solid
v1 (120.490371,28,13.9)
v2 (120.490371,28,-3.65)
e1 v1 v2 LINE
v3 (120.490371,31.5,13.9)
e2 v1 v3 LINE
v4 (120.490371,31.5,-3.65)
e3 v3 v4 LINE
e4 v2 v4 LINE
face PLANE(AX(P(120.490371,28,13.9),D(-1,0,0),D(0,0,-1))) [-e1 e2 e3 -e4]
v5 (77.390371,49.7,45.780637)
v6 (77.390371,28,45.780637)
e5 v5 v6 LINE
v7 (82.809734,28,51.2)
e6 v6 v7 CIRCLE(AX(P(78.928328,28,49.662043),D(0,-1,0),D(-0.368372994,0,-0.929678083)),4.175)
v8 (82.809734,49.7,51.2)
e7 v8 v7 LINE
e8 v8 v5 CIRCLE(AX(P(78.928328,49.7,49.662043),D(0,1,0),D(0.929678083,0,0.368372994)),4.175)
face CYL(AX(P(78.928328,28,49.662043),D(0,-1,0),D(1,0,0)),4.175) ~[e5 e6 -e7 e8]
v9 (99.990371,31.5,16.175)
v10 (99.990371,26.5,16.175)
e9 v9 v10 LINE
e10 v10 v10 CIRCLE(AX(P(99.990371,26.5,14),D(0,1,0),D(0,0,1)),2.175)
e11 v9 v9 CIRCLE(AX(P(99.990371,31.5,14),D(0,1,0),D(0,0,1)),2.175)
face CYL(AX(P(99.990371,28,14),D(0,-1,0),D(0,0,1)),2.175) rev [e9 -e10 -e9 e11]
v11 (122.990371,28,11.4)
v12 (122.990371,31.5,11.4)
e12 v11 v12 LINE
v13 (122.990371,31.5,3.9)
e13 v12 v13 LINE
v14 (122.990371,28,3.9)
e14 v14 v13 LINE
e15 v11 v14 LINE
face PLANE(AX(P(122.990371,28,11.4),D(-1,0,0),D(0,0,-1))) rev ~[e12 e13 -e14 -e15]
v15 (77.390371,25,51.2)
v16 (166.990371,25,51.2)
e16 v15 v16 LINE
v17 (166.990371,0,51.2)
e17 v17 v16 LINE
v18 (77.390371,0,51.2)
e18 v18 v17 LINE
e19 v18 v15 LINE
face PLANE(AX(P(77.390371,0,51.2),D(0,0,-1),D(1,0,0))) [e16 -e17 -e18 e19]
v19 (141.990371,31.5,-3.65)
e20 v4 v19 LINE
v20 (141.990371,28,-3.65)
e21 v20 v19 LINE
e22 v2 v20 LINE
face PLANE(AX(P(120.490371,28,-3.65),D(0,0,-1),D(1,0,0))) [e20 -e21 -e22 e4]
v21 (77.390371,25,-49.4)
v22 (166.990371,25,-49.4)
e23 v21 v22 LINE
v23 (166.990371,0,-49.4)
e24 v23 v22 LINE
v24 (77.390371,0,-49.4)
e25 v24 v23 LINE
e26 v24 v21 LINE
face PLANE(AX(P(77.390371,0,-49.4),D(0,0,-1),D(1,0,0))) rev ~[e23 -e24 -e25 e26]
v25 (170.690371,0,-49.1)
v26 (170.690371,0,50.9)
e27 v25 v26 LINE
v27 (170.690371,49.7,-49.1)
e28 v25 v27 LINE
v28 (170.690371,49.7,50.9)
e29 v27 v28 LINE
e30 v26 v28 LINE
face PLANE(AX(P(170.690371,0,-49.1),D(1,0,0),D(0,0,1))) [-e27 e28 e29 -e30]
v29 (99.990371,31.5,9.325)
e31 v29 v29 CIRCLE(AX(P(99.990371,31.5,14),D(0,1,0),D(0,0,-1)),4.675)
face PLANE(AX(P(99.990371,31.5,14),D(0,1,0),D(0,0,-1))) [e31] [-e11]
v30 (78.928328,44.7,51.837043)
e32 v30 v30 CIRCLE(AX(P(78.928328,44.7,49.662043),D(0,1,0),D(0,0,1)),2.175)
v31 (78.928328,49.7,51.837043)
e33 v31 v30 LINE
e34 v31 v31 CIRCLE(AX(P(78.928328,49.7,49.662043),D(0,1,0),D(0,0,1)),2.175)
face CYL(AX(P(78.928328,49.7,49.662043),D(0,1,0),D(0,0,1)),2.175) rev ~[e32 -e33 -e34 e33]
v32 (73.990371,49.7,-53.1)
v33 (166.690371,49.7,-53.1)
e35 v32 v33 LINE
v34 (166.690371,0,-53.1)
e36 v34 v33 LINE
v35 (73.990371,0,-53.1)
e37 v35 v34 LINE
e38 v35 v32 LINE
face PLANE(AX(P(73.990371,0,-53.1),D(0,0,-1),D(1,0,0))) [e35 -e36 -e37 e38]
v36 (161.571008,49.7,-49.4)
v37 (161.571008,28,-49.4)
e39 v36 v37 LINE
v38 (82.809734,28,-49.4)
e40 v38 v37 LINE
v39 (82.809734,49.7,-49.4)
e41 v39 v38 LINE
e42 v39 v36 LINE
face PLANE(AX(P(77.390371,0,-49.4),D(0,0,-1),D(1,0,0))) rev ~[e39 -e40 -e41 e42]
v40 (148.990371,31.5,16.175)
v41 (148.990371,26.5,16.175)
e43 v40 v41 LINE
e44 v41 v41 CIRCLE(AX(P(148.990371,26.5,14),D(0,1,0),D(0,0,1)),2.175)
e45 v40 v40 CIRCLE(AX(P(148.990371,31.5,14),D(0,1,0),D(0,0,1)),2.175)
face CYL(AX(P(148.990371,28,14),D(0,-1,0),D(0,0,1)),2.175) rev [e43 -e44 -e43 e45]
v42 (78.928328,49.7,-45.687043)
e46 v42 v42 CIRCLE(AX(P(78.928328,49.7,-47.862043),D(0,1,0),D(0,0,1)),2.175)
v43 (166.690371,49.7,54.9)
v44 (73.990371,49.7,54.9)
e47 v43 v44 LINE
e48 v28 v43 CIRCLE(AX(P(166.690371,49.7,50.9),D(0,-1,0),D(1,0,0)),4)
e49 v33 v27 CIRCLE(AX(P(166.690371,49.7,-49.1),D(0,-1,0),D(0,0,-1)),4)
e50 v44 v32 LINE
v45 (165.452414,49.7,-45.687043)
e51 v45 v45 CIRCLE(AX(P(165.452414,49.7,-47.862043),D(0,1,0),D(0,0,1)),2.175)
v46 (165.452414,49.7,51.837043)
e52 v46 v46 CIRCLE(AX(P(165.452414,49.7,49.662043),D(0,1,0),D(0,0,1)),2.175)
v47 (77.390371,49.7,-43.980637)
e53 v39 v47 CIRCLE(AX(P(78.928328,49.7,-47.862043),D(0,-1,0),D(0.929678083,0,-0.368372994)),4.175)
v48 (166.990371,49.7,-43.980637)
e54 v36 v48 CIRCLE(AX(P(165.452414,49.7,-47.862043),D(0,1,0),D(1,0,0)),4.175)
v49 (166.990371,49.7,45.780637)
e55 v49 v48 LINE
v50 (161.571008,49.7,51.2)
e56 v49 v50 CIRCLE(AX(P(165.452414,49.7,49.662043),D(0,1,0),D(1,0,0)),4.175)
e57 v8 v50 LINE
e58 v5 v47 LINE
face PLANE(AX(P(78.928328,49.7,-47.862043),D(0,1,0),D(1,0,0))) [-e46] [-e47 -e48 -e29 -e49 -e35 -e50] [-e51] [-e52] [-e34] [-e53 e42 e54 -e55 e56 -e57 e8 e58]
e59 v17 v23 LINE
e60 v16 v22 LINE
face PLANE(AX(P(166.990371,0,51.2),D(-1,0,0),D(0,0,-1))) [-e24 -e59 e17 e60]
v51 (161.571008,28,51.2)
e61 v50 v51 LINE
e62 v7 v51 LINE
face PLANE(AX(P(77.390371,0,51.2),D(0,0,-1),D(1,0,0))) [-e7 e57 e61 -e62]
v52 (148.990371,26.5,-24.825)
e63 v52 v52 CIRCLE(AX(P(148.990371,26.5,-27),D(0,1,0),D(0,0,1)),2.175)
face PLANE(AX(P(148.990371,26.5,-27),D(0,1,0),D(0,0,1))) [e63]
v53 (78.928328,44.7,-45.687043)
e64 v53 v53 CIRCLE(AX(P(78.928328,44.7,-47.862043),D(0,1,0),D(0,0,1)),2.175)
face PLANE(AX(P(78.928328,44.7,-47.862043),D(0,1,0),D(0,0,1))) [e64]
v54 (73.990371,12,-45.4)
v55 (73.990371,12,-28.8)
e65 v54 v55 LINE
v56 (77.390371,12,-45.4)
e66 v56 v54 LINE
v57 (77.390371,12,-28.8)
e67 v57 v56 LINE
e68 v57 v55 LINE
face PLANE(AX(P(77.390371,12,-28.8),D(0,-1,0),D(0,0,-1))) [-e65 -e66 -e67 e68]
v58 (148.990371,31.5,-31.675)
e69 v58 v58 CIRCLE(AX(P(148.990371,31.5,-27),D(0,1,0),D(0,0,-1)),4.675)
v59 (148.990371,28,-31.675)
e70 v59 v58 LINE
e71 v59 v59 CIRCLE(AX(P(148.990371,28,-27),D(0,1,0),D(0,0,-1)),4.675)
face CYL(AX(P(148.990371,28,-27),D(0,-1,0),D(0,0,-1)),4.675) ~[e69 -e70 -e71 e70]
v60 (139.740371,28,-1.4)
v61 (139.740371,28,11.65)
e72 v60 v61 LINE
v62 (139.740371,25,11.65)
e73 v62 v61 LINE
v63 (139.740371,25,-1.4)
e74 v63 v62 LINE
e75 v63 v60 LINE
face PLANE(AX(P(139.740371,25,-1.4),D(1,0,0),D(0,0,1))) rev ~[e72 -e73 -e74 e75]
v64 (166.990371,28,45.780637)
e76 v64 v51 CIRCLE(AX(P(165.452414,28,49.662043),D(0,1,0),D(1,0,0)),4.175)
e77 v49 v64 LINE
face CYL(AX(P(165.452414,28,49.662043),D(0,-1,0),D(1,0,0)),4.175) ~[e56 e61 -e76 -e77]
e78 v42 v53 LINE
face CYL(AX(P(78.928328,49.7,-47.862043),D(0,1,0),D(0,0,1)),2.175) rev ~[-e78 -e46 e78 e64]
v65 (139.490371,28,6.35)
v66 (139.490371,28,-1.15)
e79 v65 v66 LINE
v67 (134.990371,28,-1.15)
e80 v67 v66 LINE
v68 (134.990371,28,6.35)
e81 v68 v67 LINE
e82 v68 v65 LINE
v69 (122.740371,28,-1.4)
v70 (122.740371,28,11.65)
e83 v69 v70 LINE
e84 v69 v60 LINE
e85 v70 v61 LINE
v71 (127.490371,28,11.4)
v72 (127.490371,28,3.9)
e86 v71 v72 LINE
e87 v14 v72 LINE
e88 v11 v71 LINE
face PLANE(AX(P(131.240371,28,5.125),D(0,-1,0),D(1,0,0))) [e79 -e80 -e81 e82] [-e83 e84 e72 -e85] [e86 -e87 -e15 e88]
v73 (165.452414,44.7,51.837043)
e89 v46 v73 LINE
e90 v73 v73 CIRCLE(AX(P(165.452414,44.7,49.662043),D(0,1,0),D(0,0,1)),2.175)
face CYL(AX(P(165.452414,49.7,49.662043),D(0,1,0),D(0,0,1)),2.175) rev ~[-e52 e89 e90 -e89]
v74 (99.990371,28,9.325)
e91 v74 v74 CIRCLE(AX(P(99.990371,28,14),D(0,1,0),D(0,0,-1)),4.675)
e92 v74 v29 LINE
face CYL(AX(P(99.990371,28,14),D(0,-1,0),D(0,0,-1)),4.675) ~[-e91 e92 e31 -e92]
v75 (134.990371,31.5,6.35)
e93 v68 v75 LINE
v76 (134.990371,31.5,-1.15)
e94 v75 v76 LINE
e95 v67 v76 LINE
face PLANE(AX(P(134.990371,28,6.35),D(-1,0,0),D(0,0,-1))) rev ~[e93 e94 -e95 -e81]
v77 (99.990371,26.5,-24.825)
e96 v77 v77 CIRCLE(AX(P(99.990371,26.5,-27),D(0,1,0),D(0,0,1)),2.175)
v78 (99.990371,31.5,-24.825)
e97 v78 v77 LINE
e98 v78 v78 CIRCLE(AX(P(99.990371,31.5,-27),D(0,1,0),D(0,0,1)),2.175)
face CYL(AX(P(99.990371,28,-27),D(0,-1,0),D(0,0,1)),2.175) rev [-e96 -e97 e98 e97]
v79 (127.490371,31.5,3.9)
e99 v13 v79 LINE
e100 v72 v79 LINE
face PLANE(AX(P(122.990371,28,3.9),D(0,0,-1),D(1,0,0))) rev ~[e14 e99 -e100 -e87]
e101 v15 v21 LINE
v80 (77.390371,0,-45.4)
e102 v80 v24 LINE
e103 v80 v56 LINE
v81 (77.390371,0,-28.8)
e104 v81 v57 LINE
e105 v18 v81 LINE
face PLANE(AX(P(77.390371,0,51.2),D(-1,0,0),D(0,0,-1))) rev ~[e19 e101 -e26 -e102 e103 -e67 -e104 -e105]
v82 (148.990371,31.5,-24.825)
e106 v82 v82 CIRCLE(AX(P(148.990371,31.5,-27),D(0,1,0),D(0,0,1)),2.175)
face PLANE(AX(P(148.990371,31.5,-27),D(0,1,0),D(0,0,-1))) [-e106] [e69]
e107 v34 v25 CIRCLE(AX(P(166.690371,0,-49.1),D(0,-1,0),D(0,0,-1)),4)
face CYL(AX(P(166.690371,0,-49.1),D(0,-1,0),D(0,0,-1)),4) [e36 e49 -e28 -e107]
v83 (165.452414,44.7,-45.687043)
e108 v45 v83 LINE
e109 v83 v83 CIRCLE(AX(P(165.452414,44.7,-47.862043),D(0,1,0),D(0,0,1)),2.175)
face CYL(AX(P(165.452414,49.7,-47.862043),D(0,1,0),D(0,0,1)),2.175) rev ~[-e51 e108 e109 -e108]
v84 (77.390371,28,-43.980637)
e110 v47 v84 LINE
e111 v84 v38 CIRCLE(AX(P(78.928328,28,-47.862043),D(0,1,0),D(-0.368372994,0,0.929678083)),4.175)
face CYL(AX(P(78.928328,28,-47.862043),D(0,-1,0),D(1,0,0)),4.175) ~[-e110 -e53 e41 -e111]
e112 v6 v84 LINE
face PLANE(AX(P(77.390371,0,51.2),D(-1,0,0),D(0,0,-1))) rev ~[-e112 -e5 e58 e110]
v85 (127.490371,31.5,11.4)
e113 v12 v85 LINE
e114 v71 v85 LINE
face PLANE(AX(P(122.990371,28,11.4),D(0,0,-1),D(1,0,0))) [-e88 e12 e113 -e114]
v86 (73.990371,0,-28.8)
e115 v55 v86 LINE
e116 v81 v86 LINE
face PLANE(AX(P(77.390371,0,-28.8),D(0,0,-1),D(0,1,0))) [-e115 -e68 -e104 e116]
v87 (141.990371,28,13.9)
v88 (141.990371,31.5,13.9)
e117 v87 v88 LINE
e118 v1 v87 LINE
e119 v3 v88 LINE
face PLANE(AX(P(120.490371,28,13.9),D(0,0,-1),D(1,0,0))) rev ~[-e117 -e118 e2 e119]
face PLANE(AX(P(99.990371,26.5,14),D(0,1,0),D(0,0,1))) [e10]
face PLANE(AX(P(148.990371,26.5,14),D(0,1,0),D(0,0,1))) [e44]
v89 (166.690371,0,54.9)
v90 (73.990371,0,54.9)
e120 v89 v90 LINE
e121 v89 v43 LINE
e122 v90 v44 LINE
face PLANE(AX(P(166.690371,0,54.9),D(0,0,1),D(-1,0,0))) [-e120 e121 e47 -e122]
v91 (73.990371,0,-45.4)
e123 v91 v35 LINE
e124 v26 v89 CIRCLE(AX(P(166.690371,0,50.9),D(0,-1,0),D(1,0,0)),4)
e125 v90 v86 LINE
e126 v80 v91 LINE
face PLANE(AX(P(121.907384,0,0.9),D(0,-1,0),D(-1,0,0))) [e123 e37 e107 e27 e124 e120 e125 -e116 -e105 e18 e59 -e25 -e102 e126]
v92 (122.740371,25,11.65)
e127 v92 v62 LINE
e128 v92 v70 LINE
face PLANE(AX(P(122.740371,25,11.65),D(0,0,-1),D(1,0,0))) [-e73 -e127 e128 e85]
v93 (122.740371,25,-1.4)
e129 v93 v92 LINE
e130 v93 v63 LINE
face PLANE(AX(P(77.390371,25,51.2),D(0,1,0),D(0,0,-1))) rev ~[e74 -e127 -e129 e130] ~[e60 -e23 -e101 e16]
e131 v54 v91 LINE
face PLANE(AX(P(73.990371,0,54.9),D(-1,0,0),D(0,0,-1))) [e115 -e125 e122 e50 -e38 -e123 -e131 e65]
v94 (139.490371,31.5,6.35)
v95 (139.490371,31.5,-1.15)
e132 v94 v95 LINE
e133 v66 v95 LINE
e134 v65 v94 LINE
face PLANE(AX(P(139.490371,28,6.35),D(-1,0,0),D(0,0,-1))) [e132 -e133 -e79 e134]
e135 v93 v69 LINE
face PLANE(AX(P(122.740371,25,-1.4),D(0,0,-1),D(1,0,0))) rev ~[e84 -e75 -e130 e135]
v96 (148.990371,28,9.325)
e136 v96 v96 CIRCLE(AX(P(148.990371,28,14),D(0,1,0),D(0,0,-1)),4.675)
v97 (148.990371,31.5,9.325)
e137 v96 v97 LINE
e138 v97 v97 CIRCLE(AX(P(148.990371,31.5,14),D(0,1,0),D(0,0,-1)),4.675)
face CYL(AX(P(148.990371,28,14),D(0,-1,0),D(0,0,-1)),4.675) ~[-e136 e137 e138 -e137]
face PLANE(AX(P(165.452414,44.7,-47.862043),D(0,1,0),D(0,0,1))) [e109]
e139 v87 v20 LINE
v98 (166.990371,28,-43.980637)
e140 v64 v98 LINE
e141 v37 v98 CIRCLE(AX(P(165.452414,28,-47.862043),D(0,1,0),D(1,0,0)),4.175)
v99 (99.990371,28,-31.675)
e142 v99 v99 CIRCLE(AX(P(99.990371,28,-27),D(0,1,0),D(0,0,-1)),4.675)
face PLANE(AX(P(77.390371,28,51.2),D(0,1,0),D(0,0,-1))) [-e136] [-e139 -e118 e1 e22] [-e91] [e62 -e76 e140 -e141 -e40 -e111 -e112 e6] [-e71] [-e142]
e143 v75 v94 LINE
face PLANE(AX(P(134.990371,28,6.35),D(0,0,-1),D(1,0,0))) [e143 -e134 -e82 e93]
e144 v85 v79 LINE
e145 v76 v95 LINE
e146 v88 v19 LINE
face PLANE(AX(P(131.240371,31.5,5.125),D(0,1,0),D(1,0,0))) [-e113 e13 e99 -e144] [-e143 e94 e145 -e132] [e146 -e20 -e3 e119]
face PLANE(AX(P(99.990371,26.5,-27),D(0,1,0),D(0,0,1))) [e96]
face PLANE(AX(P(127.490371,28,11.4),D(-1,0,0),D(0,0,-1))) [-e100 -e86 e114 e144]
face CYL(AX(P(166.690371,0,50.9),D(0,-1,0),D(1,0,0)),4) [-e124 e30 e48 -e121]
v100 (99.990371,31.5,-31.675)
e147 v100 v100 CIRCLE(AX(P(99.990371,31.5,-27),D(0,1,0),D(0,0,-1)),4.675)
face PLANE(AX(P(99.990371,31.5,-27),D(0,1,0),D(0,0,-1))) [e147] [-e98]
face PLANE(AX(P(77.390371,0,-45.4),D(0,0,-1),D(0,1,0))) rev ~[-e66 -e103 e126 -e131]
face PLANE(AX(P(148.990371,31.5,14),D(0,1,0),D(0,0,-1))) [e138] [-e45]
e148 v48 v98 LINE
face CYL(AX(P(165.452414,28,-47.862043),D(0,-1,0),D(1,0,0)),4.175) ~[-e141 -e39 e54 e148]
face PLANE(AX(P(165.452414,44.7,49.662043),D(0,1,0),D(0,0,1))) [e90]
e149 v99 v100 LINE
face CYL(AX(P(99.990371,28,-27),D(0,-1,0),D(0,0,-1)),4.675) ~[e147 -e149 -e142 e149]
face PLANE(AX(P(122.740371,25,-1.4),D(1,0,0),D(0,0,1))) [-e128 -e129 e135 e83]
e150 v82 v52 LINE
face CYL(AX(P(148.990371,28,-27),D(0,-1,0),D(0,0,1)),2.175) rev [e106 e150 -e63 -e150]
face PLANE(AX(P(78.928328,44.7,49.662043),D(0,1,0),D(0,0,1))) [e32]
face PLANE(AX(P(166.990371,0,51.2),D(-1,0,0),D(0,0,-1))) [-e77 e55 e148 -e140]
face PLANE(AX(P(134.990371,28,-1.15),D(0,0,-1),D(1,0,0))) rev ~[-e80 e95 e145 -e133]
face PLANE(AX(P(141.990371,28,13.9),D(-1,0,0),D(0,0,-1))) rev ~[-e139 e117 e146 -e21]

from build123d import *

# Parameters (mm, degrees)
SKETCH1_W           = 89.6
SKETCH1_H           = 100.6
BOSS_EXTRUDE1_DEPTH = 49.7
SKETCH4_W           = 16.6
SKETCH4_H           = 12
CUT_EXTRUDE1_DEPTH  = 120.117546986
SKETCH5_W           = 100.6
SKETCH5_H           = 3
BOSS_EXTRUDE2_DEPTH = 89.6
SKETCH7_R           = 4.175
BOSS_EXTRUDE3_DEPTH = 21.7
CUT_EXTRUDE2_START  = 21.7
SKETCH7_3_R         = 2.175
CUT_EXTRUDE2_DEPTH  = 5
SKETCH9_R           = 4.675
SKETCH9_R_2         = 2.175
BOSS_EXTRUDE4_DEPTH = 3.5
CUT_EXTRUDE4_START  = -1.5
SKETCH9_2_R         = 2.175
CUT_EXTRUDE4_DEPTH  = 1.5
SKETCH11_W          = 21.5
SKETCH11_H          = 17.55
SKETCH11_W_2        = 4.5
SKETCH11_H_2        = 7.5
BOSS_EXTRUDE5_DEPTH = 3.5
SKETCH12_W          = 17
SKETCH12_H          = 13.05
CUT_EXTRUDE5_DEPTH  = 3


with BuildPart() as part:
    # Sketch1 → Boss-Extrude1 (new body)
    with BuildSketch(Plane(origin=(0, 0, 0), x_dir=(1, 0, 0), z_dir=(0, 1, 0))):
        with BuildLine():
            Line((73.990371034, 53.1), (166.690371034, 53.1))
            ThreePointArc((166.690371034, 53.1), (169.518798158, 51.928427125), (170.690371034, 49.1))
            Line((170.690371034, 49.1), (170.690371034, -50.9))
            ThreePointArc((170.690371034, -50.9), (169.518798158, -53.728427125), (166.690371034, -54.9))
            Line((166.690371034, -54.9), (73.990371034, -54.9))
            Line((73.990371034, -54.9), (73.990371034, 53.1))
        make_face()
        with Locations((122.190371034, -0.9)):
            Rectangle(SKETCH1_W, SKETCH1_H, mode=Mode.SUBTRACT)
    extrude(amount=BOSS_EXTRUDE1_DEPTH)

    # Sketch4 → Cut-Extrude1 (cut, through all)
    with BuildSketch(Plane(origin=(77.390371034, 0, 0), x_dir=(0, 0, -1), z_dir=(1, 0, 0))):
        with Locations((37.1, 6)):
            Rectangle(SKETCH4_W, SKETCH4_H)
    extrude(amount=-CUT_EXTRUDE1_DEPTH, mode=Mode.SUBTRACT)

    # Sketch5 → Boss-Extrude2 (add)
    with BuildSketch(Plane(origin=(77.390371034, 0, 0), x_dir=(0, 0, -1), z_dir=(1, 0, 0))):
        with Locations((-0.9, 26.5)):
            Rectangle(SKETCH5_W, SKETCH5_H)
    extrude(amount=BOSS_EXTRUDE2_DEPTH)

    # Sketch7 → Boss-Extrude3 (add)
    with BuildSketch(Plane(origin=(0, 28, 0), x_dir=(1, 0, 0), z_dir=(0, 1, 0))):
        with Locations((78.928328283, 47.862042751)):
            Circle(SKETCH7_R)
        with Locations((165.452413785, 47.862042751)):
            Circle(SKETCH7_R)
        with Locations((165.452413785, -49.662042751)):
            Circle(SKETCH7_R)
        with Locations((78.928328283, -49.662042751)):
            Circle(SKETCH7_R)
    extrude(amount=BOSS_EXTRUDE3_DEPTH)

    # Sketch7<3> → Cut-Extrude2 (cut)
    with BuildSketch(Plane(origin=(0, 28, 0), x_dir=(1, 0, 0), z_dir=(0, 1, 0)).offset(CUT_EXTRUDE2_START)):
        with Locations(Location((78.928328283, 47.862042751, 0), (0, 0, 270))):
            Circle(SKETCH7_3_R)
        with Locations(Location((165.452413785, 47.862042751, 0), (0, 0, 270))):
            Circle(SKETCH7_3_R)
        with Locations(Location((165.452413785, -49.662042751, 0), (0, 0, 270))):
            Circle(SKETCH7_3_R)
        with Locations(Location((78.928328283, -49.662042751, 0), (0, 0, 270))):
            Circle(SKETCH7_3_R)
    extrude(amount=-CUT_EXTRUDE2_DEPTH, mode=Mode.SUBTRACT)

    # Sketch9 → Boss-Extrude4 (add)
    # profile 1 of 4: a face of its own
    with BuildSketch(Plane(origin=(0, 28, 0), x_dir=(1, 0, 0), z_dir=(0, 1, 0))):
        with Locations(Location((148.990371034, -14, 0), (0, 0, 90))):
            Circle(SKETCH9_R)
        with Locations(Location((148.990371034, -14, 0), (0, 0, 270))):
            Circle(SKETCH9_R_2, mode=Mode.SUBTRACT)
    # profile 2 of 4: a face of its own
    with BuildSketch(Plane(origin=(0, 28, 0), x_dir=(1, 0, 0), z_dir=(0, 1, 0))):
        with Locations(Location((99.990371034, -14, 0), (0, 0, 90))):
            Circle(SKETCH9_R)
        with Locations(Location((99.990371034, -14, 0), (0, 0, 270))):
            Circle(SKETCH9_R_2, mode=Mode.SUBTRACT)
    # profile 3 of 4: a face of its own
    with BuildSketch(Plane(origin=(0, 28, 0), x_dir=(1, 0, 0), z_dir=(0, 1, 0))):
        with Locations(Location((99.990371034, 27, 0), (0, 0, 90))):
            Circle(SKETCH9_R)
        with Locations(Location((99.990371034, 27, 0), (0, 0, 270))):
            Circle(SKETCH9_R_2, mode=Mode.SUBTRACT)
    # profile 4 of 4: a face of its own
    with BuildSketch(Plane(origin=(0, 28, 0), x_dir=(1, 0, 0), z_dir=(0, 1, 0))):
        with Locations(Location((148.990371034, 27, 0), (0, 0, 90))):
            Circle(SKETCH9_R)
        with Locations(Location((148.990371034, 27, 0), (0, 0, 270))):
            Circle(SKETCH9_R_2, mode=Mode.SUBTRACT)
    extrude(amount=BOSS_EXTRUDE4_DEPTH)

    # Sketch9<2> → Cut-Extrude4 (cut)
    with BuildSketch(Plane(origin=(0, 28, 0), x_dir=(1, 0, 0), z_dir=(0, 1, 0)).offset(CUT_EXTRUDE4_START)):
        with Locations(Location((99.990371034, 27, 0), (0, 0, 270))):
            Circle(SKETCH9_2_R)
        with Locations(Location((148.990371034, 27, 0), (0, 0, 270))):
            Circle(SKETCH9_2_R)
        with Locations(Location((99.990371034, -14, 0), (0, 0, 270))):
            Circle(SKETCH9_2_R)
        with Locations(Location((148.990371034, -14, 0), (0, 0, 270))):
            Circle(SKETCH9_2_R)
    extrude(amount=CUT_EXTRUDE4_DEPTH, mode=Mode.SUBTRACT)

    # Sketch11 → Boss-Extrude5 (add)
    with BuildSketch(Plane(origin=(0, 28, 0), x_dir=(1, 0, 0), z_dir=(0, 1, 0))):
        with Locations((131.240371034, -5.125)):
            Rectangle(SKETCH11_W, SKETCH11_H)
        with Locations((125.240371034, -7.65)):
            Rectangle(SKETCH11_W_2, SKETCH11_H_2, mode=Mode.SUBTRACT)
        with Locations((137.240371034, -2.6)):
            Rectangle(SKETCH11_W_2, SKETCH11_H_2, mode=Mode.SUBTRACT)
    extrude(amount=BOSS_EXTRUDE5_DEPTH)

    # Sketch12 → Cut-Extrude5 (cut)
    with BuildSketch(Plane.XZ.offset(-25)):
        with Locations((131.240371034, 5.125)):
            Rectangle(SKETCH12_W, SKETCH12_H)
    extrude(amount=-CUT_EXTRUDE5_DEPTH, mode=Mode.SUBTRACT)


solid = part.part
